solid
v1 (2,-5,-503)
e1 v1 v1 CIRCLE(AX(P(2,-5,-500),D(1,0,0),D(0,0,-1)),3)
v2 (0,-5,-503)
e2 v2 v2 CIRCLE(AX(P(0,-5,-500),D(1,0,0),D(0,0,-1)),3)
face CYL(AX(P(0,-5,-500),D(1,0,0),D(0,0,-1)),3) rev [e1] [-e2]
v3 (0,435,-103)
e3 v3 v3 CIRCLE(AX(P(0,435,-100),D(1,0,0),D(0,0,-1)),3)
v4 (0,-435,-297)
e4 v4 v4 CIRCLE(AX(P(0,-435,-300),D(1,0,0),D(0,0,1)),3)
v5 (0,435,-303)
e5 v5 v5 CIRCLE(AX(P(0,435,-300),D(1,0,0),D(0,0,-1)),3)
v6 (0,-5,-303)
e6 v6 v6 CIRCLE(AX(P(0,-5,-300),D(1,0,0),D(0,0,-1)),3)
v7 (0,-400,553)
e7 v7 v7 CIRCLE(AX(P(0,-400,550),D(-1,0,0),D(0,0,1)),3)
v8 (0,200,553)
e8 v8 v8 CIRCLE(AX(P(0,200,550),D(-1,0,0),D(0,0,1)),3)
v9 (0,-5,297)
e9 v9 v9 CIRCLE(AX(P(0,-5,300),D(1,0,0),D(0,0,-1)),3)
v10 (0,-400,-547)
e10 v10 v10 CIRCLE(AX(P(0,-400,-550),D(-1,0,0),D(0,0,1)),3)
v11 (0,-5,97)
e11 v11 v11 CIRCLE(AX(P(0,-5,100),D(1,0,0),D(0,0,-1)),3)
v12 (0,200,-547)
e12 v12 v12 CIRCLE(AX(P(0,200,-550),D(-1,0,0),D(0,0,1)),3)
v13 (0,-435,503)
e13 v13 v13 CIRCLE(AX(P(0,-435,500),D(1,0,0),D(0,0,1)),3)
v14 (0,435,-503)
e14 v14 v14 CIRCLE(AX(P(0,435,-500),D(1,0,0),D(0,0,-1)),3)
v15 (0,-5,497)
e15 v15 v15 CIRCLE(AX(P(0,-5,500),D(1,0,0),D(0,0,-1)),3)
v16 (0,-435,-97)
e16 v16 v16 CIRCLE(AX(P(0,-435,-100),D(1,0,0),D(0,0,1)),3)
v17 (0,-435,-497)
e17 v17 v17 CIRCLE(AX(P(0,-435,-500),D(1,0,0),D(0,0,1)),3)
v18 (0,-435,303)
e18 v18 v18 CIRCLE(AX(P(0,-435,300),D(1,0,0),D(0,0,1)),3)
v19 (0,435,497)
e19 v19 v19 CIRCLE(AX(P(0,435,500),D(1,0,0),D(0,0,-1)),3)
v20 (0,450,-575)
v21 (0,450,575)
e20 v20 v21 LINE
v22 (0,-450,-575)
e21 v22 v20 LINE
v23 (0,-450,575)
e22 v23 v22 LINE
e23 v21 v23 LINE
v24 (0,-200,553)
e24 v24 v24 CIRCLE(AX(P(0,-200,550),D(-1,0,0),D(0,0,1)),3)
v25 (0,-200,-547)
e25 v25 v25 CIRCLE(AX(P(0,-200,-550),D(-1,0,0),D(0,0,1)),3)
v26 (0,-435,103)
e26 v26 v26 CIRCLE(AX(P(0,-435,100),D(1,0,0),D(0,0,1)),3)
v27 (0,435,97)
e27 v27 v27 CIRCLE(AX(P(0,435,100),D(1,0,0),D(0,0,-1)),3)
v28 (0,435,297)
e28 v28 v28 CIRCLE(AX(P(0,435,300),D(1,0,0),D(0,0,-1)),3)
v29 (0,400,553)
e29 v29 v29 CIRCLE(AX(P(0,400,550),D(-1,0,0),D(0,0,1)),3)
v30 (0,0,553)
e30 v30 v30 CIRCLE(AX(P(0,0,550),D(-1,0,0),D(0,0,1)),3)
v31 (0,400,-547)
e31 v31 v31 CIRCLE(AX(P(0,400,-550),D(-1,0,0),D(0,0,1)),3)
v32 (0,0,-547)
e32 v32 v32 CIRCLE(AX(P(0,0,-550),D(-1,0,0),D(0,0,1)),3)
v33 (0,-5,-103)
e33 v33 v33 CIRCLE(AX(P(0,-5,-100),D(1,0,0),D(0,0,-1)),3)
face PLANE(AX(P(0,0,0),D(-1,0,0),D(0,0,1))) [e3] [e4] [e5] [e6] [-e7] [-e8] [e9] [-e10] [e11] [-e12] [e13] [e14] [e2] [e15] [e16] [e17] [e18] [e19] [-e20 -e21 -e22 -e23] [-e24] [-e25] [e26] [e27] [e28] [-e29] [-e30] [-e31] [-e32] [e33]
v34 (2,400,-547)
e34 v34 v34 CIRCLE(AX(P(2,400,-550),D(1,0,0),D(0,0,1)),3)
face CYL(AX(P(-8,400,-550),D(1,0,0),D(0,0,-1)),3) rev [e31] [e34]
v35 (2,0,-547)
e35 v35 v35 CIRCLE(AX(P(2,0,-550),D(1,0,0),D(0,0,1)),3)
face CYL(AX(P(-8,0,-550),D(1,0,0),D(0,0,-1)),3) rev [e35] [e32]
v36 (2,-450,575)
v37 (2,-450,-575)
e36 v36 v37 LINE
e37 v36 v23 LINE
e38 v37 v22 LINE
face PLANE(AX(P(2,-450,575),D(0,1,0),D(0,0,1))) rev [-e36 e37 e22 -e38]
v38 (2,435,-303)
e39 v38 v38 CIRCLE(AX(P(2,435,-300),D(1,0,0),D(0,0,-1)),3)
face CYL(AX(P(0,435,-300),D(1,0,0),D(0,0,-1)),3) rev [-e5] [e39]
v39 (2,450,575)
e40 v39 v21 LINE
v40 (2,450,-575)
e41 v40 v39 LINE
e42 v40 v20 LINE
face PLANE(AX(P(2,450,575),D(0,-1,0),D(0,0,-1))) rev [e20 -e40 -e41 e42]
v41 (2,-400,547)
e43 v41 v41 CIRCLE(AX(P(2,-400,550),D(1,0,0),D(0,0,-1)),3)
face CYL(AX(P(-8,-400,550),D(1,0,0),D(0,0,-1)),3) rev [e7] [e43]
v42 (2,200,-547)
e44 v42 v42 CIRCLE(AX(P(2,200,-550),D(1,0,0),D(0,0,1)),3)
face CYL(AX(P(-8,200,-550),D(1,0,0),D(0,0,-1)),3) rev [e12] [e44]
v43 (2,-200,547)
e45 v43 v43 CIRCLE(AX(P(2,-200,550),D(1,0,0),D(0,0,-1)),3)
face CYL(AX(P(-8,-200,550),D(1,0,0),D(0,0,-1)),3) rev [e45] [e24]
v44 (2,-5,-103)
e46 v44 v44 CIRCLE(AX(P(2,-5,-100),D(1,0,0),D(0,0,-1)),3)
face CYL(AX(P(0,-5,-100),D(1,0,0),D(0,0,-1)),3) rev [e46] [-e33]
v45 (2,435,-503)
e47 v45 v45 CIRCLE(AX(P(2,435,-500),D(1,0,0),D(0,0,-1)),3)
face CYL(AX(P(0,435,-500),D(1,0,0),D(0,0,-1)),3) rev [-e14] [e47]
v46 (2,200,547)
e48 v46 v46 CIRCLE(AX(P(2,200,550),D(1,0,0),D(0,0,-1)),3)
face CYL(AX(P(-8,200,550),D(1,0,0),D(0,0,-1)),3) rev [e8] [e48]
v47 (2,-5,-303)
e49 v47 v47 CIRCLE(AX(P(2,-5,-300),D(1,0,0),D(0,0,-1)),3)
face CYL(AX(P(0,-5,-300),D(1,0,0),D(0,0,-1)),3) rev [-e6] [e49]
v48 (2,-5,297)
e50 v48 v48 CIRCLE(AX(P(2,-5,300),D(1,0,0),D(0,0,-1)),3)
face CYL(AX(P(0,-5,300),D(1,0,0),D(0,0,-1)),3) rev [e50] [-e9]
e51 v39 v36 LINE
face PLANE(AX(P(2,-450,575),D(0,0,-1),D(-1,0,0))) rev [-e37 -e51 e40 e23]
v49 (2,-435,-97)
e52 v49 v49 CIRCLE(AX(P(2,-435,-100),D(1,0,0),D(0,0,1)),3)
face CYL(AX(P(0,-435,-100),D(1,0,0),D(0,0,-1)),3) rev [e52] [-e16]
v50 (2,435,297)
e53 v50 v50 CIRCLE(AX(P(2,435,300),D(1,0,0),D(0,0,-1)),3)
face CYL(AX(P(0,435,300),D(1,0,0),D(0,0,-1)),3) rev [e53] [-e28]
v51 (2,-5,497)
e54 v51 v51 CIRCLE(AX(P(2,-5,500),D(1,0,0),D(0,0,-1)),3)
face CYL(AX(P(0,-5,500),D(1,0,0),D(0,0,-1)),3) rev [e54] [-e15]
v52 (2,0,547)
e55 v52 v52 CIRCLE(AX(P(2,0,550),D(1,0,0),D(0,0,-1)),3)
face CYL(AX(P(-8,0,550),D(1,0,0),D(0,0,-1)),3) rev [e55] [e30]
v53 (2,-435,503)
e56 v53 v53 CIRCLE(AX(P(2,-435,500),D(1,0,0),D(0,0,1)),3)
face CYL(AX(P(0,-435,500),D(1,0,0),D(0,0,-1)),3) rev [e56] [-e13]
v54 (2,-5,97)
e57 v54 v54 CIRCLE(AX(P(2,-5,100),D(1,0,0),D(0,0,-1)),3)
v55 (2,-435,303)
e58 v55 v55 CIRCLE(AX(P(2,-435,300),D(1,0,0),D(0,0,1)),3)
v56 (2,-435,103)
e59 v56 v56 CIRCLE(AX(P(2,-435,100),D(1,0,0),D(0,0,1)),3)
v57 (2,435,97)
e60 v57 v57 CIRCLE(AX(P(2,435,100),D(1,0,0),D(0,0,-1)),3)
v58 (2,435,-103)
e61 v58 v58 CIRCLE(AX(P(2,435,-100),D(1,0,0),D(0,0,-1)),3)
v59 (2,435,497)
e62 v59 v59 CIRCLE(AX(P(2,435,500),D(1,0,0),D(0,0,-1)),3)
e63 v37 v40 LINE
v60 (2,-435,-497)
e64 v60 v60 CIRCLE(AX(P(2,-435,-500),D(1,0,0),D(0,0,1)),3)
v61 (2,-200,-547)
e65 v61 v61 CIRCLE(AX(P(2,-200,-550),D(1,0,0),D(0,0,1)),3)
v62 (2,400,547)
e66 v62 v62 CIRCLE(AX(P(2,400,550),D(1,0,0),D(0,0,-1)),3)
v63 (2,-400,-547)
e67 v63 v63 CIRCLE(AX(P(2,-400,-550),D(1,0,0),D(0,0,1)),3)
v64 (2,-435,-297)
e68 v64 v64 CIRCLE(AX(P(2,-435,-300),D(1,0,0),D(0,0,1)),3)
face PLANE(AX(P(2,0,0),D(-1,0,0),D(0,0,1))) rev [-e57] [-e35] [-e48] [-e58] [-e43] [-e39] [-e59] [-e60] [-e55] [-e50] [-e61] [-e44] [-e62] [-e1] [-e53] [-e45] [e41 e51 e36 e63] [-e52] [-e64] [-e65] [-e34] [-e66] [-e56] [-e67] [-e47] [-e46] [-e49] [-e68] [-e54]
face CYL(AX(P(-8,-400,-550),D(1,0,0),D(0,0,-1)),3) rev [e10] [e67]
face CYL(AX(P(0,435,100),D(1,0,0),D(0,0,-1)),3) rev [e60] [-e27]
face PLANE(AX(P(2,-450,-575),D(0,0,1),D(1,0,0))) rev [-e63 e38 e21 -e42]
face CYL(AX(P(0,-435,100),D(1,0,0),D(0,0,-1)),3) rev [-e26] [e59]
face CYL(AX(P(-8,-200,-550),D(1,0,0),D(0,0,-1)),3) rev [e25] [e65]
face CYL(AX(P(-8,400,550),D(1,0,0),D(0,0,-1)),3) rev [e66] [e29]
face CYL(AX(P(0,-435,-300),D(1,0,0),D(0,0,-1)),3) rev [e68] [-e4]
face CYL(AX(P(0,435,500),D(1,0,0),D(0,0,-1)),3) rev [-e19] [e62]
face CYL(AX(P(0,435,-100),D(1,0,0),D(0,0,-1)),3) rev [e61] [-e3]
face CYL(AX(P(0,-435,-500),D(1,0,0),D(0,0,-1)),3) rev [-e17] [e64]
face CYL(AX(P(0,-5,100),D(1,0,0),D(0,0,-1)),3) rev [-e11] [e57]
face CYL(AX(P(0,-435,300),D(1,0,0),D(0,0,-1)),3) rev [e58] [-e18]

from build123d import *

# Parameters (mm, degrees)
SKETCH1_W           = 1150
SKETCH1_H           = 900
BOSS_EXTRUDE1_DEPTH = 2
SKETCH2_R           = 3
CUT_EXTRUDE1_DEPTH  = 2
SKETCH3_R           = 3
CUT_EXTRUDE2_DEPTH  = 10


with BuildPart() as part:
    # Sketch1 → Boss-Extrude1 (new body)
    with BuildSketch(Plane(origin=(0, 0, 0), x_dir=(0, 0, -1), z_dir=(1, 0, 0))):
        Rectangle(SKETCH1_W, SKETCH1_H)
    extrude(amount=BOSS_EXTRUDE1_DEPTH)

    # Sketch2 → Cut-Extrude1 (cut)
    with BuildSketch(Plane(origin=(2, 0, 0), x_dir=(0, 0, -1), z_dir=(1, 0, 0))):
        with Locations((-500, 435)):
            Circle(SKETCH2_R)
        with Locations((-300, 435)):
            Circle(SKETCH2_R)
        with Locations((-100, 435)):
            Circle(SKETCH2_R)
        with Locations((100, 435)):
            Circle(SKETCH2_R)
        with Locations((300, 435)):
            Circle(SKETCH2_R)
        with Locations((500, 435)):
            Circle(SKETCH2_R)
        with Locations(Location((500, -435, 0), (0, 0, 180))):
            Circle(SKETCH2_R)
        with Locations(Location((300, -435, 0), (0, 0, 180))):
            Circle(SKETCH2_R)
        with Locations(Location((100, -435, 0), (0, 0, 180))):
            Circle(SKETCH2_R)
        with Locations(Location((-100, -435, 0), (0, 0, 180))):
            Circle(SKETCH2_R)
        with Locations(Location((-300, -435, 0), (0, 0, 180))):
            Circle(SKETCH2_R)
        with Locations(Location((-500, -435, 0), (0, 0, 180))):
            Circle(SKETCH2_R)
        with Locations((500, -5)):
            Circle(SKETCH2_R)
        with Locations((100, -5)):
            Circle(SKETCH2_R)
        with Locations((300, -5)):
            Circle(SKETCH2_R)
        with Locations((-100, -5)):
            Circle(SKETCH2_R)
        with Locations((-300, -5)):
            Circle(SKETCH2_R)
        with Locations((-500, -5)):
            Circle(SKETCH2_R)
    extrude(amount=-CUT_EXTRUDE1_DEPTH, mode=Mode.SUBTRACT)

    # Sketch3 → Cut-Extrude2 (cut)
    with BuildSketch(Plane(origin=(2, 0, 0), x_dir=(0, 0, -1), z_dir=(1, 0, 0))):
        with Locations((-550, 400)):
            Circle(SKETCH3_R)
        with Locations((-550, 200)):
            Circle(SKETCH3_R)
        with Locations((-550, 0)):
            Circle(SKETCH3_R)
        with Locations((-550, -200)):
            Circle(SKETCH3_R)
        with Locations((-550, -400)):
            Circle(SKETCH3_R)
        with Locations(Location((550, -400, 0), (0, 0, 180))):
            Circle(SKETCH3_R)
        with Locations(Location((550, -200, 0), (0, 0, 180))):
            Circle(SKETCH3_R)
        with Locations(Location((550, 0, 0), (0, 0, 180))):
            Circle(SKETCH3_R)
        with Locations(Location((550, 200, 0), (0, 0, 180))):
            Circle(SKETCH3_R)
        with Locations(Location((550, 400, 0), (0, 0, 180))):
            Circle(SKETCH3_R)
    extrude(amount=-CUT_EXTRUDE2_DEPTH, mode=Mode.SUBTRACT)


solid = part.part
